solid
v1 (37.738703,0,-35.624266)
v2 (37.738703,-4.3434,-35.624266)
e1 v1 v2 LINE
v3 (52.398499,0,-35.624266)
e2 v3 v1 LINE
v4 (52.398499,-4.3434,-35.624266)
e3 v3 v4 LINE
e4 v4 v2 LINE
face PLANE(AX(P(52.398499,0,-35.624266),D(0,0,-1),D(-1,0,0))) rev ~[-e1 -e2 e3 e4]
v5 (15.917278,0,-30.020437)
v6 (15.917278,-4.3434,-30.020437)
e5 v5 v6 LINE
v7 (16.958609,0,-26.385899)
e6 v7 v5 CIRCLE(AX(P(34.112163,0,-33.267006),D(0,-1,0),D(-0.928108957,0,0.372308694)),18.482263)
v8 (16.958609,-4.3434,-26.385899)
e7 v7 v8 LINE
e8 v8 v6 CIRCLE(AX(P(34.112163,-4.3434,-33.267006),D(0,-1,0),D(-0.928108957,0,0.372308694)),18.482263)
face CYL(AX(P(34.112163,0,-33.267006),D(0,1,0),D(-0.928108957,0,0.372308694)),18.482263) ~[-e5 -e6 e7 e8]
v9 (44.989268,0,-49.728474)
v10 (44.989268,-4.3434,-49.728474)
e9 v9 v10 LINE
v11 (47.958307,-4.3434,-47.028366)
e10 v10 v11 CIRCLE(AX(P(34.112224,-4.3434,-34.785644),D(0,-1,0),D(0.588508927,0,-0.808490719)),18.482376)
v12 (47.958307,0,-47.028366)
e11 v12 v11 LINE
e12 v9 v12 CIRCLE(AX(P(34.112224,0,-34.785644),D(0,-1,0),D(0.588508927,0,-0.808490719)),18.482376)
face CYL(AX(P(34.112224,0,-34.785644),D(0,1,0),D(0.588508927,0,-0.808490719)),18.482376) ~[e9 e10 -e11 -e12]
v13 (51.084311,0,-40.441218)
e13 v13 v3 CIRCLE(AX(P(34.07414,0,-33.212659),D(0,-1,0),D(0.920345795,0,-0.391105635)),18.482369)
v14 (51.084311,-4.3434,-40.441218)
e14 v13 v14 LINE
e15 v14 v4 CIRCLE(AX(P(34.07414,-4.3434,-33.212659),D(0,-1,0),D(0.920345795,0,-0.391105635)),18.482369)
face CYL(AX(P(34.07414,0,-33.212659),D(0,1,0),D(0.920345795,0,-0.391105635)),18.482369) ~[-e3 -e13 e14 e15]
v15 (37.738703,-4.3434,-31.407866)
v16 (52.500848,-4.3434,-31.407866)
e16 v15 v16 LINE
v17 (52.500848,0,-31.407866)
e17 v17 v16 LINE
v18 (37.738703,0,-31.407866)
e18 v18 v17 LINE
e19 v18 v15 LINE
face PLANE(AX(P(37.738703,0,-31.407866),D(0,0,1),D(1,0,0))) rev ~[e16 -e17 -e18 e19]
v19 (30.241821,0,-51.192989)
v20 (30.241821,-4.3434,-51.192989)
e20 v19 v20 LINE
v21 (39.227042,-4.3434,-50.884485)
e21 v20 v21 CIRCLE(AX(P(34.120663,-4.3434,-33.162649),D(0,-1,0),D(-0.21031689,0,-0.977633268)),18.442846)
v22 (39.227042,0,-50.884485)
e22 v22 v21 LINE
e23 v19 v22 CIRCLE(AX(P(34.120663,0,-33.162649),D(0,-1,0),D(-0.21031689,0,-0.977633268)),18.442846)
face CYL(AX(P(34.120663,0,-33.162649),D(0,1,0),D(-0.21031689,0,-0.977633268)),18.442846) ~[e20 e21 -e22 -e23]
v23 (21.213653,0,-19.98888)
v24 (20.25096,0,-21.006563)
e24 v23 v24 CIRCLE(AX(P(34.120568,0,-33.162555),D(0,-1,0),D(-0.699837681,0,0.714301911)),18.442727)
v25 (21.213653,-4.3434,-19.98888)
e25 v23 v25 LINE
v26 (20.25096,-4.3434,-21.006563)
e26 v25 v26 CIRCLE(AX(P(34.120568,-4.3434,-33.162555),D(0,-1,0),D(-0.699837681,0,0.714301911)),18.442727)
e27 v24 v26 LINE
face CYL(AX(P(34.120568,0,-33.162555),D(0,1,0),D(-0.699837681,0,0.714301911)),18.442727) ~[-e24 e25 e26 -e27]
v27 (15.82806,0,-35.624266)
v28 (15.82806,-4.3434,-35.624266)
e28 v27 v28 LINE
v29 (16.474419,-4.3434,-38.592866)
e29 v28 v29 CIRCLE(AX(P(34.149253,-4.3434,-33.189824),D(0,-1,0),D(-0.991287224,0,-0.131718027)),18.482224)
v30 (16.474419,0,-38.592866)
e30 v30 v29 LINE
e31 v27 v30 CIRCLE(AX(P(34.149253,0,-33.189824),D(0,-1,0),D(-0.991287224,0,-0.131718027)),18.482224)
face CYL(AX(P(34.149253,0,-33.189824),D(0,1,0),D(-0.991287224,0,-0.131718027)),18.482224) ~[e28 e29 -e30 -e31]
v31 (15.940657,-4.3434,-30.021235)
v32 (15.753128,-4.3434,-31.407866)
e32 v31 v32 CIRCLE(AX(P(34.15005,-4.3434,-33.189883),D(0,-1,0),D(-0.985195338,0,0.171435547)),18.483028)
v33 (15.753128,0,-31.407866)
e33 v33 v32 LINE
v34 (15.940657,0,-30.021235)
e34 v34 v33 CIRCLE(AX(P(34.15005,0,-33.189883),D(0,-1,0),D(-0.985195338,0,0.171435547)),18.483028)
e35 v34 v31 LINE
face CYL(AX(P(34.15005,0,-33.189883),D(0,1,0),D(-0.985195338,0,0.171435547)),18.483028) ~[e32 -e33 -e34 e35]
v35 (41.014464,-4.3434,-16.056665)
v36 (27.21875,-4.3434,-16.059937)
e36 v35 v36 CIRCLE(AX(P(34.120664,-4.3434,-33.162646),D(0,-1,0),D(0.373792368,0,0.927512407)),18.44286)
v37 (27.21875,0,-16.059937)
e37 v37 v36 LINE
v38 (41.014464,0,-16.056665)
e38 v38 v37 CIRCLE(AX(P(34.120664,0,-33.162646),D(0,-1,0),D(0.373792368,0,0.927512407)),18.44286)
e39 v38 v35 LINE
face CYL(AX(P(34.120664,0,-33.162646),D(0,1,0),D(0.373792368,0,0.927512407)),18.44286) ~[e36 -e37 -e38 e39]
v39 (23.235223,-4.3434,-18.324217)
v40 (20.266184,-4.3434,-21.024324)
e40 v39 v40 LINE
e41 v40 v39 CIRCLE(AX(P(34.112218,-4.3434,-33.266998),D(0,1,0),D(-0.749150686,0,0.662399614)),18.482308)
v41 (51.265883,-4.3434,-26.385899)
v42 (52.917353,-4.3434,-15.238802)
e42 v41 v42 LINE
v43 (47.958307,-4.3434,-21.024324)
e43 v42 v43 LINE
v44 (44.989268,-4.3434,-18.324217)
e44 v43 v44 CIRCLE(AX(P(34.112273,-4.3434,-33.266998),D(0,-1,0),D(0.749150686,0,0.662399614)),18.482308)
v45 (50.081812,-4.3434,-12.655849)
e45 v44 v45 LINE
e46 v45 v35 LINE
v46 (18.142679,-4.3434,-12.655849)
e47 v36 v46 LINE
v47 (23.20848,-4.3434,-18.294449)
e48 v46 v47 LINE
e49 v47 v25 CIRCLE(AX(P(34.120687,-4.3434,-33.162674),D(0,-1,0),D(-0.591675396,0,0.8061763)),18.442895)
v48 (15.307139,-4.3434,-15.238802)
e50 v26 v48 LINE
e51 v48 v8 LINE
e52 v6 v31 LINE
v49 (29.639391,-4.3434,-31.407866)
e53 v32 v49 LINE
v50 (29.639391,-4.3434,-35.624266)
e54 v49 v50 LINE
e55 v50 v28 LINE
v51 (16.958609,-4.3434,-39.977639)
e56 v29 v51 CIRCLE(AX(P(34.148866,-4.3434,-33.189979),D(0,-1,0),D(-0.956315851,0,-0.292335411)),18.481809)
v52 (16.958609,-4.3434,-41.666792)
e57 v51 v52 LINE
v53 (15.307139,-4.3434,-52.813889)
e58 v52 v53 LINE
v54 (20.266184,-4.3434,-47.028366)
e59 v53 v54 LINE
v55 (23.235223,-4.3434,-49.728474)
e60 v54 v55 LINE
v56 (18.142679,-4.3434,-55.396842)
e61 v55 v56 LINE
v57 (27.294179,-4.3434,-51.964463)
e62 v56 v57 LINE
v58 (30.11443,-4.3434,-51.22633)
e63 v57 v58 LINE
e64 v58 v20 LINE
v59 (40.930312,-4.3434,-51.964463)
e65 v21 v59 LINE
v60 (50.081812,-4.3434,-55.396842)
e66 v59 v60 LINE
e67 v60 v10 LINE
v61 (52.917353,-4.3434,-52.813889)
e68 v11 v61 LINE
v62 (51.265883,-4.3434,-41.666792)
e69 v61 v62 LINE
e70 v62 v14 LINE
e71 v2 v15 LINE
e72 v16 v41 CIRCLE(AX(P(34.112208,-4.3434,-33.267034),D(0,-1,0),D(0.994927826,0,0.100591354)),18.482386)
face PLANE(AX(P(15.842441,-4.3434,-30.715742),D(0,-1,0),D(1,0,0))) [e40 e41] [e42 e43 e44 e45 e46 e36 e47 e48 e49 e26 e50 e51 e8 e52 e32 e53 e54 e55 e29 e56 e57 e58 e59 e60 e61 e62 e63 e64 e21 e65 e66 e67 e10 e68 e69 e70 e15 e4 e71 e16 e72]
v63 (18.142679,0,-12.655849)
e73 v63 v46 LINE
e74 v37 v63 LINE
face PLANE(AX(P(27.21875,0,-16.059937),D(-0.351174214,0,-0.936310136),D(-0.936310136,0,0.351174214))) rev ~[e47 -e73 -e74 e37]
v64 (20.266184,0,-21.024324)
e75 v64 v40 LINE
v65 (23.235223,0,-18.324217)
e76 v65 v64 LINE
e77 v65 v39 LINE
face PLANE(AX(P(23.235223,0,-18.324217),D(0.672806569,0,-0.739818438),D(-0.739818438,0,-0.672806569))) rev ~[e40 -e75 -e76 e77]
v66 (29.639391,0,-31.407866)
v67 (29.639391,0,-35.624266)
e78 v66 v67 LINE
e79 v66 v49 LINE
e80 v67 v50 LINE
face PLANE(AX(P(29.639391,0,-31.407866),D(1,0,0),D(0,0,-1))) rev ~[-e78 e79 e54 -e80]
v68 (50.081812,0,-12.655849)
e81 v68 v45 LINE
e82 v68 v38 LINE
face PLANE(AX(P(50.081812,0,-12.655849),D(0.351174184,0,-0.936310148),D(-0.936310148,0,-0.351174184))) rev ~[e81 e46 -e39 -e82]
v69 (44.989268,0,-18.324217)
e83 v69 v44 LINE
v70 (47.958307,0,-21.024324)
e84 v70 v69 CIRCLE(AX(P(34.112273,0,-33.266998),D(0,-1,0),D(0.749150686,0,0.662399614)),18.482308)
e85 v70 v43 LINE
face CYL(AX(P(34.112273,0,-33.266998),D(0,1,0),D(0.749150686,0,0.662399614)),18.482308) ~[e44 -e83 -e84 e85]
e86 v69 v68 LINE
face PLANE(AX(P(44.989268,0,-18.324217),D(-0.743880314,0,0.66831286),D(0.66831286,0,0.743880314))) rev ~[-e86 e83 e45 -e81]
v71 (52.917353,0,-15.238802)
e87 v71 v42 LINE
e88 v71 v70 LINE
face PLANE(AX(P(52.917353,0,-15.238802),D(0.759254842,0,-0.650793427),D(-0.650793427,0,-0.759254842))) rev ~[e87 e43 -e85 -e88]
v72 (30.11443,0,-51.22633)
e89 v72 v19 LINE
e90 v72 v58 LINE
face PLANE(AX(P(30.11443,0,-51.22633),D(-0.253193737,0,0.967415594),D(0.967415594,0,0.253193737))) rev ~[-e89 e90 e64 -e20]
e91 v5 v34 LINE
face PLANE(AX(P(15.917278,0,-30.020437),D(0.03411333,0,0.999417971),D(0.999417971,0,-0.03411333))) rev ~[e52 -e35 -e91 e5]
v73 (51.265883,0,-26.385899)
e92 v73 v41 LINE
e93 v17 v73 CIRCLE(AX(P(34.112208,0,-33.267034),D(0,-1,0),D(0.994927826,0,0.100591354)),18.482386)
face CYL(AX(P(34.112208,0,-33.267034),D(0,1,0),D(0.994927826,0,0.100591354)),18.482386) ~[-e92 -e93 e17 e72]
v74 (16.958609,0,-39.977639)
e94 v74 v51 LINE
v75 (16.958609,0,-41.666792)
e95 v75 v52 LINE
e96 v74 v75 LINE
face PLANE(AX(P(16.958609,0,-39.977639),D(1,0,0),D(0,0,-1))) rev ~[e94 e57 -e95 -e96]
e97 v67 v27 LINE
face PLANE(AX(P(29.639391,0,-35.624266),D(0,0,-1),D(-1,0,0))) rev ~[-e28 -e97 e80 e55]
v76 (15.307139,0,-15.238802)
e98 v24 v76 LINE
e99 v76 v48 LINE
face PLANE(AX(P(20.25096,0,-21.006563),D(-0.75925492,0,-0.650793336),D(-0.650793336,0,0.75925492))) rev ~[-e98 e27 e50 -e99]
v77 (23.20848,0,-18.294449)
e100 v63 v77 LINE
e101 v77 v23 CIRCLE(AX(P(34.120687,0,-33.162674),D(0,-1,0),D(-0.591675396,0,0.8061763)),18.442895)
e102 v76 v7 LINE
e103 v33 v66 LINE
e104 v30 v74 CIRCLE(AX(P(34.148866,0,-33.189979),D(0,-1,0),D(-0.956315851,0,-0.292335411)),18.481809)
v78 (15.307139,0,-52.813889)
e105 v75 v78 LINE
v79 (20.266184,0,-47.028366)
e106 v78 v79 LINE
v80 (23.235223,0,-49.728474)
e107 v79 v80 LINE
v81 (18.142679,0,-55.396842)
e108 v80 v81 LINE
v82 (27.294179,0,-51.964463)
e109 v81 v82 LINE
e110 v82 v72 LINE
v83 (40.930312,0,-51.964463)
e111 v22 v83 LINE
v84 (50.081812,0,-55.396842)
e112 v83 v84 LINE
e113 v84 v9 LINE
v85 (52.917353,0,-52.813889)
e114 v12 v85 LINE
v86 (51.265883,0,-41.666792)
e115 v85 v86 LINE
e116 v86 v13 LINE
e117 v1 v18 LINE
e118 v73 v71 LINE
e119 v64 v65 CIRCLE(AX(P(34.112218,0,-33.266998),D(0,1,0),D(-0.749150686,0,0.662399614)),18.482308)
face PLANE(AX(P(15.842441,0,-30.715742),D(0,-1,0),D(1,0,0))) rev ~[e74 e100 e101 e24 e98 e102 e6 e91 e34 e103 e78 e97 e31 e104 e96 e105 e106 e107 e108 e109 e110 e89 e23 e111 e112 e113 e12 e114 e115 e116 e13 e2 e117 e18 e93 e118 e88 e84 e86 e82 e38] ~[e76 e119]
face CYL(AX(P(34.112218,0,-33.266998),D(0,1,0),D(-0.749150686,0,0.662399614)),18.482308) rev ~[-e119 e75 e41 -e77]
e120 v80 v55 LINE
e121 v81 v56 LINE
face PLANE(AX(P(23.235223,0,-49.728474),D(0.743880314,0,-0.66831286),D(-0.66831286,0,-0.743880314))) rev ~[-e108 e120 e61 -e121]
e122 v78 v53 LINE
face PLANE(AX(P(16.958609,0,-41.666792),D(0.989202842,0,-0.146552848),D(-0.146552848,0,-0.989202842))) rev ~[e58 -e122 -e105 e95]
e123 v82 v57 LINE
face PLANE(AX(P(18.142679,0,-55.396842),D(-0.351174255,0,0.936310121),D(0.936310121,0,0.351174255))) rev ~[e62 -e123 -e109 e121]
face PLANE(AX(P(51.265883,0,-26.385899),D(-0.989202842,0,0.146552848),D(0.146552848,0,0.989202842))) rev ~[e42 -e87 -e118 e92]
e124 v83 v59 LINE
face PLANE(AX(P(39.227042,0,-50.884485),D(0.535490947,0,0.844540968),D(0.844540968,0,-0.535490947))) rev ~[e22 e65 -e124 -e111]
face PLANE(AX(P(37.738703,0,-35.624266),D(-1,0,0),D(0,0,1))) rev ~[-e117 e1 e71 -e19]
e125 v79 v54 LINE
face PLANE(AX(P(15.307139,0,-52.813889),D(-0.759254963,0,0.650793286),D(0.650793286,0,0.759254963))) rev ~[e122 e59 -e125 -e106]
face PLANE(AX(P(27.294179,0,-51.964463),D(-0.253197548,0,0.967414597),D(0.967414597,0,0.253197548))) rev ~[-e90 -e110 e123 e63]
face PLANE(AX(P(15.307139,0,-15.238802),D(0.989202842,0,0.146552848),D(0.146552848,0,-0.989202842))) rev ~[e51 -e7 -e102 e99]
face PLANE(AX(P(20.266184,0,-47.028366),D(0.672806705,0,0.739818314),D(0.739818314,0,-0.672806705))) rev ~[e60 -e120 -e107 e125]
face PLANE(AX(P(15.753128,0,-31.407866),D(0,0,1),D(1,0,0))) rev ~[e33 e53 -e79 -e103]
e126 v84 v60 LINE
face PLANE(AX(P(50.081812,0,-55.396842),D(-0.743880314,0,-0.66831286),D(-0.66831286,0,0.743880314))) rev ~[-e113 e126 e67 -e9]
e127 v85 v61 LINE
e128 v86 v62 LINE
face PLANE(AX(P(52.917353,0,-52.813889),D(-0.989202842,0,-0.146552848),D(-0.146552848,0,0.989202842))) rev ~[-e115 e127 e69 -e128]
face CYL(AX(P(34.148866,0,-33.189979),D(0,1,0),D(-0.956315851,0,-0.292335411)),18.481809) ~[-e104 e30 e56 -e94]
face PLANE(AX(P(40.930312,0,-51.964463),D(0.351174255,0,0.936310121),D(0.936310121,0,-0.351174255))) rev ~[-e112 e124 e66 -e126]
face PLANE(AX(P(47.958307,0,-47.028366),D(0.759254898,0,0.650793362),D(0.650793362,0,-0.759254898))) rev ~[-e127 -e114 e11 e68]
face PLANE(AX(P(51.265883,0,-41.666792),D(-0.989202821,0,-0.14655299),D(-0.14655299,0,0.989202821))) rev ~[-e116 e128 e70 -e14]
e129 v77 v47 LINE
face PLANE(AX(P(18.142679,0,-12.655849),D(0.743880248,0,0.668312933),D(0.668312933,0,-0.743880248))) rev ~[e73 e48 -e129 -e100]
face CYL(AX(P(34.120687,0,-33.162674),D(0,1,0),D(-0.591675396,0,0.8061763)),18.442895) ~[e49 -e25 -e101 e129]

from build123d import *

# Parameters (mm, degrees)
F1_DEPTH = 4.3434


with BuildPart() as f1:
    # F0 (on Front) → F1 (new body)
    with BuildSketch(Plane.XZ):
        with BuildLine():
            ThreePointArc((15.940657, -30.021235), (15.833766, -30.712775), (15.753128, -31.407866))
            Line((15.753128, -31.407866), (15.761479, -31.407866))
            ThreePointArc((15.761479, -31.407866), (15.837097, -30.743943), (15.936717, -30.083195))
            Line((15.936717, -30.083195), (15.940657, -30.021235))
        make_face()
        with BuildLine():
            ThreePointArc((15.936717, -30.083195), (15.837097, -30.743943), (15.761479, -31.407866))
            Line((15.761479, -31.407866), (29.639391, -31.407866))
            Line((29.639391, -31.407866), (29.639391, -34.026345))
            Line((29.639391, -34.026345), (37.738703, -34.026345))
            Line((37.738703, -34.026345), (37.738703, -33.516066))
            Line((37.738703, -33.516066), (37.738703, -31.407866))
            Line((37.738703, -31.407866), (52.500848, -31.407866))
            ThreePointArc((52.500848, -31.407866), (52.059884, -28.853474), (51.265883, -26.385899))
            Line((51.265883, -26.385899), (52.917353, -15.238802))
            Line((52.917353, -15.238802), (47.958307, -21.024324))
            ThreePointArc((47.958307, -21.024324), (46.547291, -19.593445), (44.989268, -18.324217))
            Line((44.989268, -18.324217), (50.081812, -12.655849))
            Line((50.081812, -12.655849), (41.014464, -16.056665))
            Line((41.014464, -16.056665), (40.930312, -16.088227))
            ThreePointArc((40.930312, -16.088227), (34.112246, -14.784679), (27.294179, -16.088227))
            Line((27.294179, -16.088227), (27.21875, -16.059937))
            Line((27.21875, -16.059937), (18.142679, -12.655849))
            Line((18.142679, -12.655849), (23.20848, -18.294449))
            Line((23.20848, -18.294449), (23.235223, -18.324217))
            Line((23.235223, -18.324217), (20.266184, -21.024324))
            Line((20.266184, -21.024324), (20.25096, -21.006563))
            Line((20.25096, -21.006563), (15.307139, -15.238802))
            Line((15.307139, -15.238802), (16.958609, -26.385899))
            ThreePointArc((16.958609, -26.385899), (16.344763, -28.176471), (15.917278, -30.020437))
            Line((15.917278, -30.020437), (15.940657, -30.021235))
            Line((15.940657, -30.021235), (15.936717, -30.083195))
        make_face()
        with BuildLine():
            Line((37.738703, -34.026345), (29.639391, -34.026345))
            Line((29.639391, -34.026345), (29.639391, -35.624266))
            Line((29.639391, -35.624266), (15.82806, -35.624266))
            ThreePointArc((15.82806, -35.624266), (16.090138, -37.12187), (16.474419, -38.592866))
            ThreePointArc((16.474419, -38.592866), (16.702769, -39.290058), (16.958609, -39.977639))
            Line((16.958609, -39.977639), (16.958609, -41.666792))
            Line((16.958609, -41.666792), (15.307139, -52.813889))
            Line((15.307139, -52.813889), (20.266184, -47.028366))
            Line((20.266184, -47.028366), (23.235223, -49.728474))
            Line((23.235223, -49.728474), (18.142679, -55.396842))
            Line((18.142679, -55.396842), (27.294179, -51.964463))
            Line((27.294179, -51.964463), (30.11443, -51.22633))
            Line((30.11443, -51.22633), (30.241821, -51.192989))
            ThreePointArc((30.241821, -51.192989), (34.753518, -51.594634), (39.227042, -50.884485))
            Line((39.227042, -50.884485), (40.930312, -51.964463))
            Line((40.930312, -51.964463), (50.081812, -55.396842))
            Line((50.081812, -55.396842), (44.989268, -49.728474))
            ThreePointArc((44.989268, -49.728474), (46.547291, -48.459245), (47.958307, -47.028366))
            Line((47.958307, -47.028366), (52.917353, -52.813889))
            Line((52.917353, -52.813889), (51.265883, -41.666792))
            Line((51.265883, -41.666792), (51.084311, -40.441218))
            Line((51.084311, -40.441218), (51.079733, -40.410318))
            ThreePointArc((51.079733, -40.410318), (51.90089, -38.061868), (52.398499, -35.624266))
            Line((52.398499, -35.624266), (37.738703, -35.624266))
            Line((37.738703, -35.624266), (37.738703, -34.026345))
        make_face()
        with BuildLine():
            ThreePointArc((21.213653, -19.98888), (20.72264, -20.488578), (20.25096, -21.006563))
            Line((20.25096, -21.006563), (20.266184, -21.024324))
            ThreePointArc((20.266184, -21.024324), (21.6772, -19.593445), (23.235223, -18.324217))
            Line((23.235223, -18.324217), (23.20848, -18.294449))
            ThreePointArc((23.20848, -18.294449), (22.18097, -19.106233), (21.213653, -19.98888))
        make_face()
        with BuildLine():
            ThreePointArc((51.084311, -40.441218), (51.904816, -38.077325), (52.398499, -35.624266))
            ThreePointArc((52.398499, -35.624266), (51.90089, -38.061868), (51.079733, -40.410318))
            Line((51.079733, -40.410318), (51.084311, -40.441218))
        make_face()
        with BuildLine():
            ThreePointArc((41.014464, -16.056665), (34.11629, -14.719787), (27.21875, -16.059937))
            Line((27.21875, -16.059937), (27.294179, -16.088227))
            ThreePointArc((27.294179, -16.088227), (34.112246, -14.784679), (40.930312, -16.088227))
            Line((40.930312, -16.088227), (41.014464, -16.056665))
        make_face()
    extrude(amount=F1_DEPTH)


solid = f1.part
